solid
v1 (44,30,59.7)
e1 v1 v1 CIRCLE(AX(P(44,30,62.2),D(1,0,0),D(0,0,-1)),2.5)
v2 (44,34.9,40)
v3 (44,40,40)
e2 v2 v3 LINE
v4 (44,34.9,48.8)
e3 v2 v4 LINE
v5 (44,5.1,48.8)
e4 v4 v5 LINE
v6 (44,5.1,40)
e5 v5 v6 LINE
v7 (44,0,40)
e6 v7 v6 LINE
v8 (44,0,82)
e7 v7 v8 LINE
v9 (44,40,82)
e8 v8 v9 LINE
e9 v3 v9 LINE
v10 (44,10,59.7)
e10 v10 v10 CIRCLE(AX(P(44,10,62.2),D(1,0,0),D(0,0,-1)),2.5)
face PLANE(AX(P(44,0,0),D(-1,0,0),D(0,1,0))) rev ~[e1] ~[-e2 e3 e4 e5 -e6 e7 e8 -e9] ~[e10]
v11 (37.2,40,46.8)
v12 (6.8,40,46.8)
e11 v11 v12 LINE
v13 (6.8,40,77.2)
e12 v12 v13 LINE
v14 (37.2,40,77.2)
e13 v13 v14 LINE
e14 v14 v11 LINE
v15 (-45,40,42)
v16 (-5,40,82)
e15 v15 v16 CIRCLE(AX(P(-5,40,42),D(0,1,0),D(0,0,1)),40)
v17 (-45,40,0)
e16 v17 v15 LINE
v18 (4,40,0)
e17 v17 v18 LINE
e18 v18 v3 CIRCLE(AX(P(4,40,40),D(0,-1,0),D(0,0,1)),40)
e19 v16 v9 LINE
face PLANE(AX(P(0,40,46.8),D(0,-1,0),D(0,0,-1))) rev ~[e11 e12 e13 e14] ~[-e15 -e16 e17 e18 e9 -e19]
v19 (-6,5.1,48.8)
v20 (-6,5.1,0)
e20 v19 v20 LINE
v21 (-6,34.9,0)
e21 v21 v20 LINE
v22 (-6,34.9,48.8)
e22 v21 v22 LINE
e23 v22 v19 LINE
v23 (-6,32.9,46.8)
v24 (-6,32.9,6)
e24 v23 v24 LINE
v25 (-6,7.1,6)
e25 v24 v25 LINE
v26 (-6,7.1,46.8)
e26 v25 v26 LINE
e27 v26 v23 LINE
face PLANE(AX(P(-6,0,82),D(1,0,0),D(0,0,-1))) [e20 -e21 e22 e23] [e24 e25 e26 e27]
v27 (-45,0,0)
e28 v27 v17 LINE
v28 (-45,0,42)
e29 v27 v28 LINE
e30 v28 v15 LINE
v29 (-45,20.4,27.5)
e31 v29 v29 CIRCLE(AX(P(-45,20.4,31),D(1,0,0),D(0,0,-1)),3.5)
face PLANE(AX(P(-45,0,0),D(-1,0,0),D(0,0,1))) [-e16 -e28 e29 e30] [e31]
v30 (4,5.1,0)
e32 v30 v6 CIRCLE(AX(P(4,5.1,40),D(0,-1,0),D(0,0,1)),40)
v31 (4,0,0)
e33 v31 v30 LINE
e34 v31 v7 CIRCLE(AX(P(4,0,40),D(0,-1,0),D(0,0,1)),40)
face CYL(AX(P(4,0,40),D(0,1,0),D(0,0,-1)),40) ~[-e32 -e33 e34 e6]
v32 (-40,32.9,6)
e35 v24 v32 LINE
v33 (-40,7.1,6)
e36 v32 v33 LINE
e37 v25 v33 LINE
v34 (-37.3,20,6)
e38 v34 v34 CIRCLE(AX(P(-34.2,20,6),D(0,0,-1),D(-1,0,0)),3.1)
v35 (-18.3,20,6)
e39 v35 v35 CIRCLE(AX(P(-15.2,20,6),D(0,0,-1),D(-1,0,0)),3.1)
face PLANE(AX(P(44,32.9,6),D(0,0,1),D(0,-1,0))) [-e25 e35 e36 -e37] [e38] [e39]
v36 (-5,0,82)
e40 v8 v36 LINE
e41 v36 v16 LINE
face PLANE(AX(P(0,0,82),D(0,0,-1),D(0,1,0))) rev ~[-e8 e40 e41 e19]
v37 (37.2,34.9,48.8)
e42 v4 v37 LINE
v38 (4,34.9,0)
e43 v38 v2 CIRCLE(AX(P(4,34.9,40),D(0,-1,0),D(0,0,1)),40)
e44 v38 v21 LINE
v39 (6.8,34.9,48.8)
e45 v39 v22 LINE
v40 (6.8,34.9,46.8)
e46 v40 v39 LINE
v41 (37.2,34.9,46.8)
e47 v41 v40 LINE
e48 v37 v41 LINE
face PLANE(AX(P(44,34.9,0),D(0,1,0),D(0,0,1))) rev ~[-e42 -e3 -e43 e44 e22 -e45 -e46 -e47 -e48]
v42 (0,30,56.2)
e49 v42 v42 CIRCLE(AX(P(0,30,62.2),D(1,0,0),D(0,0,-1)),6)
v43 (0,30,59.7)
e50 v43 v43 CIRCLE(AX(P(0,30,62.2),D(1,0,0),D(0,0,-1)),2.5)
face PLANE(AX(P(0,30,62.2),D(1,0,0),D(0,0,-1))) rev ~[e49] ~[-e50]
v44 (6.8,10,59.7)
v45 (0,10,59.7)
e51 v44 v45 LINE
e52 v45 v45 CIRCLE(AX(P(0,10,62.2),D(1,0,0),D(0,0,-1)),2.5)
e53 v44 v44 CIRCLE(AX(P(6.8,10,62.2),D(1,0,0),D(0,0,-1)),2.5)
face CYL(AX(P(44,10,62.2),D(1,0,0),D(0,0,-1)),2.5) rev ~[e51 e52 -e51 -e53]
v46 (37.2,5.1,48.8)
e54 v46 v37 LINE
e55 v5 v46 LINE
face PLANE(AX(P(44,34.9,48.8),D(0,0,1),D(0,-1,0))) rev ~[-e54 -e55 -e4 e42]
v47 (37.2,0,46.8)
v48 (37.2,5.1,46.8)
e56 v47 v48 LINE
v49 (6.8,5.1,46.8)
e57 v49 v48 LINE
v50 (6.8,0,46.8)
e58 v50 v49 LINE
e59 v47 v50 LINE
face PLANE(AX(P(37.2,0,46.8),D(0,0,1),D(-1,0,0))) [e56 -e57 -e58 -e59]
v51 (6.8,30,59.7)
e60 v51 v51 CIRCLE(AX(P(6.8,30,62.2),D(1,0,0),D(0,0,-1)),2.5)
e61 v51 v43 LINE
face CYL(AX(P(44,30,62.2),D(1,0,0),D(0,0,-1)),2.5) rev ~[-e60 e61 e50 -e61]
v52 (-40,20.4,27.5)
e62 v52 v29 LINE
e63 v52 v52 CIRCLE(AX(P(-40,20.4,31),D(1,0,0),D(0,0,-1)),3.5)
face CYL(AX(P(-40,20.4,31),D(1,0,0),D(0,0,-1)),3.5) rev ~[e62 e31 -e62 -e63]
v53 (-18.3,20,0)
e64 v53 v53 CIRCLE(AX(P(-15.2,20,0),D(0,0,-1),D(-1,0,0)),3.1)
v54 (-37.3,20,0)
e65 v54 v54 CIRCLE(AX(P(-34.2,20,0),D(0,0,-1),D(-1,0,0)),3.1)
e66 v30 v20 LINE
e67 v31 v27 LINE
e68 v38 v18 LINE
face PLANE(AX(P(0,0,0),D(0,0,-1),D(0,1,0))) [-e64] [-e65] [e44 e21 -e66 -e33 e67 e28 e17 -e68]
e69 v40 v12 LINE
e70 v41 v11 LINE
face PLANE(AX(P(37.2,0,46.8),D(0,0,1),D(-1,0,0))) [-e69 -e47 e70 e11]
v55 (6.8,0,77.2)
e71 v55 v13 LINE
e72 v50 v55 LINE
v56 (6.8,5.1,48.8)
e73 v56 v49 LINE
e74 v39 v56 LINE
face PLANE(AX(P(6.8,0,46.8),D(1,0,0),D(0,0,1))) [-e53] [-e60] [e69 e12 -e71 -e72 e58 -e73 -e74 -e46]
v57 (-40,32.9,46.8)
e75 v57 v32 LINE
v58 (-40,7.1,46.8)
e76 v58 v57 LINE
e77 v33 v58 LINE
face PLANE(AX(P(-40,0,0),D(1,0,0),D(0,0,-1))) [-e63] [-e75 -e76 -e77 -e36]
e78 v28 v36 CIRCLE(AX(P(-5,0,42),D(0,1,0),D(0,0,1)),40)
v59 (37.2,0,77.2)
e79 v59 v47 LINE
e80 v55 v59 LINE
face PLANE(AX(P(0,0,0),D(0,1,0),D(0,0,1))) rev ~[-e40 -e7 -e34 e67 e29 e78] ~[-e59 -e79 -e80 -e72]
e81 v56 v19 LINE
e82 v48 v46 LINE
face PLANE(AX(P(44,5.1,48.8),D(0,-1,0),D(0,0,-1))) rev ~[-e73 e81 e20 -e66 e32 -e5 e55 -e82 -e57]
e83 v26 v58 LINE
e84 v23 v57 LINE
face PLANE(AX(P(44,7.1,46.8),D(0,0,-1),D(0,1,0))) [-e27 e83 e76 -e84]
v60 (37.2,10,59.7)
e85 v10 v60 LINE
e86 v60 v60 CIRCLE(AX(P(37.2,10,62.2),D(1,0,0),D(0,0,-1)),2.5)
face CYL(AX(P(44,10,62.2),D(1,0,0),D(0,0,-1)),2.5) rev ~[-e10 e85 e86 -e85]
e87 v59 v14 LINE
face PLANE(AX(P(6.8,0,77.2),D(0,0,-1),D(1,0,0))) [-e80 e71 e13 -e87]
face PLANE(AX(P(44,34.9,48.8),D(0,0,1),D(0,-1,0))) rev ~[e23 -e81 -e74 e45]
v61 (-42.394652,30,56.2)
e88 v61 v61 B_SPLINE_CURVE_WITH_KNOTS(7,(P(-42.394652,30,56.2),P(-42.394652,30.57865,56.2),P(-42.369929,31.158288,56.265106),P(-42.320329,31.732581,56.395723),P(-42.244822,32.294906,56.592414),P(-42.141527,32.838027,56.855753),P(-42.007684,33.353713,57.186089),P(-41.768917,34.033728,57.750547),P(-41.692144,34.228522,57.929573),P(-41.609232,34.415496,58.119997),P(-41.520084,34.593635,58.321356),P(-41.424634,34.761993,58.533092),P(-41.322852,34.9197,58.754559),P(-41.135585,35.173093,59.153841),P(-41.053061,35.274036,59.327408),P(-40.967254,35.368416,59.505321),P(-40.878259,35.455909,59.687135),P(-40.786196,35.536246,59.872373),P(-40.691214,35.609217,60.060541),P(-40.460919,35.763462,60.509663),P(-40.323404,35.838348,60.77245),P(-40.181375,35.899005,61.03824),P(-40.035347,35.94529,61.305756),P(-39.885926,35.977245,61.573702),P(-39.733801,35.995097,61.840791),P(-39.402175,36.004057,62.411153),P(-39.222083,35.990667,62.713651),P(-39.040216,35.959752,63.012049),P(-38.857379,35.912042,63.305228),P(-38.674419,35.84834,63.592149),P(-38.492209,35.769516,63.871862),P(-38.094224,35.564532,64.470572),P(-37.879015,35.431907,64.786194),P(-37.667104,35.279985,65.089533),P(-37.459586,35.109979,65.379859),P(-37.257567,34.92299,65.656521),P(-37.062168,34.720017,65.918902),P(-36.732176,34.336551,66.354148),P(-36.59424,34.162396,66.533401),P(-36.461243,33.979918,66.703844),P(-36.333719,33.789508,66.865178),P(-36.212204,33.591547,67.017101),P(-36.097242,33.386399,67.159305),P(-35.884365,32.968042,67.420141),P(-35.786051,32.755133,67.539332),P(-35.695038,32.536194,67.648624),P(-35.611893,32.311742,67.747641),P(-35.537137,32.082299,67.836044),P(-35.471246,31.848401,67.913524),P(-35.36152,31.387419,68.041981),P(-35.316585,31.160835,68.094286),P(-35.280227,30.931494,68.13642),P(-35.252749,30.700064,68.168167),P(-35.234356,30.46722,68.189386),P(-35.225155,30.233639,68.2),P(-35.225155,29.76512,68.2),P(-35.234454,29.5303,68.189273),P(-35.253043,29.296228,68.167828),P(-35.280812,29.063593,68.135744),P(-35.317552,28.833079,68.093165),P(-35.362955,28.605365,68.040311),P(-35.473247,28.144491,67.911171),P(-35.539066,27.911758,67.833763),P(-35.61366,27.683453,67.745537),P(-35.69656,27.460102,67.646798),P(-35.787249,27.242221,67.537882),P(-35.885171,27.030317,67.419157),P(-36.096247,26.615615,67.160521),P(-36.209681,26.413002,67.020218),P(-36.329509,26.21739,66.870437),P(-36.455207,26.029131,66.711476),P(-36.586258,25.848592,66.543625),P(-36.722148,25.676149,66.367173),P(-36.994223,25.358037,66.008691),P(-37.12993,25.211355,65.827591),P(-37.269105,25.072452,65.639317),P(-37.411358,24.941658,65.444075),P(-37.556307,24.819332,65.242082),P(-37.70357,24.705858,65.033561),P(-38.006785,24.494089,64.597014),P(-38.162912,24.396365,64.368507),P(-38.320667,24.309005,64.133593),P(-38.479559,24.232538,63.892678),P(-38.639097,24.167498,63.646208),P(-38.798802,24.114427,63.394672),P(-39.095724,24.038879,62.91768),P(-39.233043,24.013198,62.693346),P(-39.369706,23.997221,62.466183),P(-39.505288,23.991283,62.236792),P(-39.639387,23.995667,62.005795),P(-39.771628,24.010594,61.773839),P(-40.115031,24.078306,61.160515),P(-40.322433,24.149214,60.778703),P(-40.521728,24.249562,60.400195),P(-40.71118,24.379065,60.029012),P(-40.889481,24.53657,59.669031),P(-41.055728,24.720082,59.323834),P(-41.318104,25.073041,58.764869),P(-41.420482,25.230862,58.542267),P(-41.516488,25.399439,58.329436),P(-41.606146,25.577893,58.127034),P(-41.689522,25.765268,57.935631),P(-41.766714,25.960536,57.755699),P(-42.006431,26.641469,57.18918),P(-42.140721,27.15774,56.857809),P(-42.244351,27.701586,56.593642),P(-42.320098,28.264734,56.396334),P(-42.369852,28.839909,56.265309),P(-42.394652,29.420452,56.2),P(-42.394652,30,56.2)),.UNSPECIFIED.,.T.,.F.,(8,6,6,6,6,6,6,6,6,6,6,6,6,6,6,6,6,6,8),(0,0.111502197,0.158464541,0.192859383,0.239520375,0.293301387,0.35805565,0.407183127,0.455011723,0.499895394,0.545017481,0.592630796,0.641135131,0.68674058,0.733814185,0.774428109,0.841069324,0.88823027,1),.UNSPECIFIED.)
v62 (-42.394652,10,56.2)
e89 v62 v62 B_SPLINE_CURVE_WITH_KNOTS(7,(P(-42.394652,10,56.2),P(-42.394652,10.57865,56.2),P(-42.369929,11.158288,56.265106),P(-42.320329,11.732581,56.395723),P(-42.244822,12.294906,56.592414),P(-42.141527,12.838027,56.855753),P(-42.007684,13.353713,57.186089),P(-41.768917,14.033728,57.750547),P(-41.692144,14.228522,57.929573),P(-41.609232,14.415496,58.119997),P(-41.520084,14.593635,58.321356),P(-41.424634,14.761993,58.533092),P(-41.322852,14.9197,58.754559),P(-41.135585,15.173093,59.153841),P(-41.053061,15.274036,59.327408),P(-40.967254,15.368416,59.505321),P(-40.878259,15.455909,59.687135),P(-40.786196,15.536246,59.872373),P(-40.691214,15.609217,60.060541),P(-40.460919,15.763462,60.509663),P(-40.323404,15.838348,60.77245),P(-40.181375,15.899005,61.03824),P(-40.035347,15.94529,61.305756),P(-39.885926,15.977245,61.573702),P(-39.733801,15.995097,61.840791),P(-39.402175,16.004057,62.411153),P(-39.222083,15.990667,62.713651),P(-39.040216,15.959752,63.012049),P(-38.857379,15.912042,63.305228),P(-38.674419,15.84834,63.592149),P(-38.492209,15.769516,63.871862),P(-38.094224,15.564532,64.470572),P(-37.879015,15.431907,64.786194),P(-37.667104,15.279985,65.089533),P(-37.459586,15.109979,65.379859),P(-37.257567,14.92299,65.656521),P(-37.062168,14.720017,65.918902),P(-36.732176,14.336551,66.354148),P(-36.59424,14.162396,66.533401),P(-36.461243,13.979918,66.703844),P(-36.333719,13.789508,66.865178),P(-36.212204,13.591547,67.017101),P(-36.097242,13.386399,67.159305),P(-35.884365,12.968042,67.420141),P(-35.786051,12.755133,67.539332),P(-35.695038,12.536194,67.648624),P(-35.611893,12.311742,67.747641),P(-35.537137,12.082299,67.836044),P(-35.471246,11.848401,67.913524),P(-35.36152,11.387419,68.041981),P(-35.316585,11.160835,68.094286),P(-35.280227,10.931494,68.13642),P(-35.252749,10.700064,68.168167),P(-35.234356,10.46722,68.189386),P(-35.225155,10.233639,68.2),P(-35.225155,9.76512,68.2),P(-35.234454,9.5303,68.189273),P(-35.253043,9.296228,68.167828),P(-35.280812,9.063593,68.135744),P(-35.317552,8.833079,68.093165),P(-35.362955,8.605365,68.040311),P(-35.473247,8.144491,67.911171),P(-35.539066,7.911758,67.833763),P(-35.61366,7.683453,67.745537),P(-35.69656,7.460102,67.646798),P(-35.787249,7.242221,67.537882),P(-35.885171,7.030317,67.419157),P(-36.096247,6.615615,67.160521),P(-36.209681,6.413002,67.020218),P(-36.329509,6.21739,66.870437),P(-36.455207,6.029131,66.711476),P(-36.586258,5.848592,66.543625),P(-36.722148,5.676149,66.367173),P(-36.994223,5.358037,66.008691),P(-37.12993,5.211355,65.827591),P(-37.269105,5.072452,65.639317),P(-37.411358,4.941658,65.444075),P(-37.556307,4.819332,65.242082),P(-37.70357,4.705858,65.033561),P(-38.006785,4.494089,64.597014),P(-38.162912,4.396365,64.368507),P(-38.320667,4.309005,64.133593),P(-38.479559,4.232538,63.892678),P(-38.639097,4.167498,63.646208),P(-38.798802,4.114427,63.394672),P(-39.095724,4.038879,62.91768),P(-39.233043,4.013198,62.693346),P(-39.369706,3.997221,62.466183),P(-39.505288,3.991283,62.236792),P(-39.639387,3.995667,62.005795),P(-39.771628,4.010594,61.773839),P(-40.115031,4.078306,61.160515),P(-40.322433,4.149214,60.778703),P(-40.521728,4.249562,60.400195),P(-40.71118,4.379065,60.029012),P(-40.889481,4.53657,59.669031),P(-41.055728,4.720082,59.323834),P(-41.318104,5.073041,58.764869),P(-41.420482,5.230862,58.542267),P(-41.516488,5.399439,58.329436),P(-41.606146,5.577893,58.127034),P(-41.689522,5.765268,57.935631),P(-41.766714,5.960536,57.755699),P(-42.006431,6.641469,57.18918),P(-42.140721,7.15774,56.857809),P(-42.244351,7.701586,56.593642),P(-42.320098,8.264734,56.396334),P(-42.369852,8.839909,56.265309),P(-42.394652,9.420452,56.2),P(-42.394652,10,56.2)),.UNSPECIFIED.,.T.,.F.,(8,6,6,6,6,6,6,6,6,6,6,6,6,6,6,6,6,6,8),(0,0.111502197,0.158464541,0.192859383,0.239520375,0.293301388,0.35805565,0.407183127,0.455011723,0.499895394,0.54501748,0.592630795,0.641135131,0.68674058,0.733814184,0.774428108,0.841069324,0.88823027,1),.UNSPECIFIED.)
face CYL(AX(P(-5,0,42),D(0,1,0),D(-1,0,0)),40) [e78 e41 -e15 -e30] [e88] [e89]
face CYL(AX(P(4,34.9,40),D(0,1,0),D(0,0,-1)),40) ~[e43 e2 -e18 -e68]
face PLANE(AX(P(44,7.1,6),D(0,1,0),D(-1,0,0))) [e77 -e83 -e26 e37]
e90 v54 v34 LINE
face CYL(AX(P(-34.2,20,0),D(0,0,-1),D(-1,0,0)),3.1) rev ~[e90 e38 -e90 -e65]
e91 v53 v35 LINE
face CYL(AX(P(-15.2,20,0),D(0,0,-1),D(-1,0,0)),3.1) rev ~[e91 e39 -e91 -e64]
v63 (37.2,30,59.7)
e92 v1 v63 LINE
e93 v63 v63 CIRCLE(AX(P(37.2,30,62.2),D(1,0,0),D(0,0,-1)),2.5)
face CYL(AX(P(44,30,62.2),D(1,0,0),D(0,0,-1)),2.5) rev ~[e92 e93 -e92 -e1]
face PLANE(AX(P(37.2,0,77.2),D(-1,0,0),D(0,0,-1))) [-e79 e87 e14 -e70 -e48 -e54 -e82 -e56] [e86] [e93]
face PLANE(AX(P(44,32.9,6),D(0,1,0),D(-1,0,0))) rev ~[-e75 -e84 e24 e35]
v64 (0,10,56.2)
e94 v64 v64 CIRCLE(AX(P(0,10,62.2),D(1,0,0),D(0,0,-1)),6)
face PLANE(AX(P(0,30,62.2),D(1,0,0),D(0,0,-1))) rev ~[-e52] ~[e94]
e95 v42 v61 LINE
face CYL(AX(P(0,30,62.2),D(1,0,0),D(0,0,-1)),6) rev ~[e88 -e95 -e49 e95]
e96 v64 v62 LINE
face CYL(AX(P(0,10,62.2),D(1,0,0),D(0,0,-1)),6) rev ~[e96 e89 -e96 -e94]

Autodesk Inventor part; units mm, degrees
ref_plane "YZ Plane" through (0, 0, 0) normal (1, 0, 0) x (0, 1, 0)
ref_plane "XZ Plane" through (0, 0, 0) normal (0, 1, 0) x (-1, 0, 0)
ref_plane "XY Plane" through (0, 0, 0) normal (0, 0, 1) x (1, 0, 0)
sketch "Sketch1" plane through (0, 0, 0) normal (0, 0, 1) x (1, 0, 0)
  line L0 (0, 0) -> (44, 0)
  line L1 (44, 0) -> (44, 40)
  line L2 (44, 40) -> (0, 40)
  line L3 (0, 40) -> (0, 0)
  dimension "d0" = 44
  dimension "d1" = 40
extrude "Extrusion1" add sketch "Sketch1" along normal blind 82
sketch "Sketch2" plane through (0, 0, 0) normal (0, -1, 0) x (1, 0, 0)
  line L0 (6.8, 77.2) -> (37.2, 77.2)
  line L1 (37.2, 77.2) -> (37.2, 46.8)
  line L2 (37.2, 46.8) -> (6.8, 46.8)
  line L3 (6.8, 46.8) -> (6.8, 77.2)
  line L4 (0, 0) -> (0, 82) projected
  line L5 (0, 82) -> (44, 82) projected
  dimension "d4" = 30.4
  dimension "d5" = 30.4
  dimension "d6" = 6.8
  dimension "d7" = 4.8
extrude "Extrusion2" cut sketch "Sketch2" against normal blind 50
sketch "Sketch6" plane through (44, 0, 0) normal (1, 0, 0) x (0, 0, -1)
  circle A0 centre (-62.2, 30) radius 2.5
  circle A1 centre (-62.2, 10) radius 2.5
  line L0 (0, 40) -> (-82, 40) projected
  line L1 (0, 0) -> (-82, 0) projected
  point P0 (-77.2, 40)
  dimension "d24" = 5
  dimension "d25" = 10
  dimension "d26" = 5
  dimension "d27" = 10
  dimension "d28" = 15
  dimension "d29" = 15
extrude "Extrusion5" cut sketch "Sketch6" against normal blind 120
sketch "Sketch8" plane through (0, 0, 0) normal (-1, 0, 0) x (0, 0, 1)
  line L0 (0, 0) -> (0, 40) projected
  line L1 (77.2, 40) -> (46.8, 40) projected
  line L2 (0, 0) -> (82, 0)
  line L3 (82, 0) -> (82, 40)
  line L4 (82, 40) -> (0, 40)
  line L5 (0, 40) -> (0, 0)
  line L6 (82, 40) -> (82, 0) projected
extrude "Extrusion7" add sketch "Sketch8" along normal blind 45
sketch "Sketch4" plane through (44, 0, 0) normal (1, 0, 0) x (0, 0, -1)
  line L0 (-6, 7.1) -> (-46.8, 7.1)
  line L1 (-46.8, 7.1) -> (-46.8, 32.9)
  line L2 (-46.8, 32.9) -> (-6, 32.9)
  line L3 (-6, 32.9) -> (-6, 7.1)
  line L4 (0, 0) -> (0, 40) projected
  line L5 (0, 0) -> (-82, 0) projected
  line L6 (-46.8, 0) -> (-46.8, 40) projected
  point P0 (0, 20)
  point P1 (-6, 20)
  dimension "d10" = 25.8
  dimension "d11" = 40.8
  dimension "d13" = 7.1
extrude "Extrusion3" cut sketch "Sketch4" against normal blind 84
sketch "Sketch5" plane through (0, 0, 0) normal (0, 0, -1) x (-1, 0, 0)
  circle A0 centre (34.2, 20) radius 3.1
  circle A1 centre (15.2, 20) radius 3.1
  line L0 (-44, 40) -> (0, 40) projected
  line L1 (45, 40) -> (45, 0) projected
  point P0 (0, 0)
  dimension "d16" = 6.2
  dimension "d17" = 6.2
  dimension "d18" = 20
  dimension "d19" = 20
  dimension "d21" = 19
  dimension "d40" = 10.8
extrude "Extrusion4" cut sketch "Sketch5" against normal blind 34
sketch "Sketch9" plane through (44, 7.1, 6) normal (0, 0, 1) x (1, 0, 0)
  line L0 (0, 25.8) -> (-84, 25.8) projected
  line L1 (0, 0) -> (-84, 0) projected
  line L2 (0, 25.8) -> (-50, 25.8)
  line L3 (-50, 25.8) -> (-50, 0)
  line L4 (-50, 0) -> (0, 0)
  line L5 (0, 0) -> (0, 25.8)
  line L6 (-84, 25.8) -> (-84, 0) projected
  point P0 (-44, -7.1)
  point P1 (-50, 25.8)
  point P2 (-84, 0)
  dimension "d41" = 34
extrude "Extrusion8" cut sketch "Sketch9" against normal blind 10 contours L5 L1 L3 L0
sketch "Sketch10" plane through (44, 0, 82) normal (1, 0, 0) x (0, 0, -1)
  line L0 (33.2, 5.1) -> (82, 5.1)
  line L1 (82, 5.1) -> (82, 34.9)
  line L2 (82, 34.9) -> (33.2, 34.9)
  line L3 (33.2, 34.9) -> (33.2, 5.1)
  line L4 (35.2, 7.1) -> (35.2, 32.9) projected
  line L5 (82, 7.1) -> (35.2, 7.1) projected
  line L6 (35.2, 32.9) -> (82, 32.9) projected
  point P0 (82, 0)
  dimension "d44" = 2
  dimension "d45" = 2
  dimension "d46" = 2
extrude "Extrusion9" cut sketch "Sketch10" against normal up to surface (50 mm away) contours L3 L2 L1 L6 L4 L5 L0
fillet "Fillet1" radius 40 3 edges at (44, 2.55, 0) (44, 37.45, 0) (-45, 20, 82)
sketch "Sketch11" plane through (-40, 0, 0) normal (1, 0, 0) x (0, 0, -1)
  circle A0 centre (-31, 20.4) radius 3.5
  line L0 (-6, 32.9) -> (0, 32.9) projected
  line L1 (-6, 7.1) -> (-6, 32.9) projected
  line L2 (-46.8, 32.9) -> (-6, 32.9) projected
  point P0 (0, 0)
  point P1 (-46.8, 32.7)
  point P2 (-6, 20)
  point P3 (0, 32.9)
  dimension "d50" = 7
  dimension "d52" = 25
  dimension "d55" = 12.5
extrude "Extrusion10" cut sketch "Sketch11" against normal blind 109
sketch "Sketch12" plane through (0, 30, 62.2) normal (1, 0, 0) x (0, 0, -1)
  circle A0 centre (0, 0) radius 6
  circle A1 centre (0, -20) radius 6
  circle A2 centre (0, -20) radius 2.5 projected
  circle A3 centre (0, 0) radius 2.5 projected
  point P0 (62.2, -30)
  dimension "d56" = 12
  dimension "d57" = 12
extrude "Extrusion11" cut sketch "Sketch12" against normal blind 120 contours A0 | A1 | A2 | A3
properties part number "loacell_mount2"
